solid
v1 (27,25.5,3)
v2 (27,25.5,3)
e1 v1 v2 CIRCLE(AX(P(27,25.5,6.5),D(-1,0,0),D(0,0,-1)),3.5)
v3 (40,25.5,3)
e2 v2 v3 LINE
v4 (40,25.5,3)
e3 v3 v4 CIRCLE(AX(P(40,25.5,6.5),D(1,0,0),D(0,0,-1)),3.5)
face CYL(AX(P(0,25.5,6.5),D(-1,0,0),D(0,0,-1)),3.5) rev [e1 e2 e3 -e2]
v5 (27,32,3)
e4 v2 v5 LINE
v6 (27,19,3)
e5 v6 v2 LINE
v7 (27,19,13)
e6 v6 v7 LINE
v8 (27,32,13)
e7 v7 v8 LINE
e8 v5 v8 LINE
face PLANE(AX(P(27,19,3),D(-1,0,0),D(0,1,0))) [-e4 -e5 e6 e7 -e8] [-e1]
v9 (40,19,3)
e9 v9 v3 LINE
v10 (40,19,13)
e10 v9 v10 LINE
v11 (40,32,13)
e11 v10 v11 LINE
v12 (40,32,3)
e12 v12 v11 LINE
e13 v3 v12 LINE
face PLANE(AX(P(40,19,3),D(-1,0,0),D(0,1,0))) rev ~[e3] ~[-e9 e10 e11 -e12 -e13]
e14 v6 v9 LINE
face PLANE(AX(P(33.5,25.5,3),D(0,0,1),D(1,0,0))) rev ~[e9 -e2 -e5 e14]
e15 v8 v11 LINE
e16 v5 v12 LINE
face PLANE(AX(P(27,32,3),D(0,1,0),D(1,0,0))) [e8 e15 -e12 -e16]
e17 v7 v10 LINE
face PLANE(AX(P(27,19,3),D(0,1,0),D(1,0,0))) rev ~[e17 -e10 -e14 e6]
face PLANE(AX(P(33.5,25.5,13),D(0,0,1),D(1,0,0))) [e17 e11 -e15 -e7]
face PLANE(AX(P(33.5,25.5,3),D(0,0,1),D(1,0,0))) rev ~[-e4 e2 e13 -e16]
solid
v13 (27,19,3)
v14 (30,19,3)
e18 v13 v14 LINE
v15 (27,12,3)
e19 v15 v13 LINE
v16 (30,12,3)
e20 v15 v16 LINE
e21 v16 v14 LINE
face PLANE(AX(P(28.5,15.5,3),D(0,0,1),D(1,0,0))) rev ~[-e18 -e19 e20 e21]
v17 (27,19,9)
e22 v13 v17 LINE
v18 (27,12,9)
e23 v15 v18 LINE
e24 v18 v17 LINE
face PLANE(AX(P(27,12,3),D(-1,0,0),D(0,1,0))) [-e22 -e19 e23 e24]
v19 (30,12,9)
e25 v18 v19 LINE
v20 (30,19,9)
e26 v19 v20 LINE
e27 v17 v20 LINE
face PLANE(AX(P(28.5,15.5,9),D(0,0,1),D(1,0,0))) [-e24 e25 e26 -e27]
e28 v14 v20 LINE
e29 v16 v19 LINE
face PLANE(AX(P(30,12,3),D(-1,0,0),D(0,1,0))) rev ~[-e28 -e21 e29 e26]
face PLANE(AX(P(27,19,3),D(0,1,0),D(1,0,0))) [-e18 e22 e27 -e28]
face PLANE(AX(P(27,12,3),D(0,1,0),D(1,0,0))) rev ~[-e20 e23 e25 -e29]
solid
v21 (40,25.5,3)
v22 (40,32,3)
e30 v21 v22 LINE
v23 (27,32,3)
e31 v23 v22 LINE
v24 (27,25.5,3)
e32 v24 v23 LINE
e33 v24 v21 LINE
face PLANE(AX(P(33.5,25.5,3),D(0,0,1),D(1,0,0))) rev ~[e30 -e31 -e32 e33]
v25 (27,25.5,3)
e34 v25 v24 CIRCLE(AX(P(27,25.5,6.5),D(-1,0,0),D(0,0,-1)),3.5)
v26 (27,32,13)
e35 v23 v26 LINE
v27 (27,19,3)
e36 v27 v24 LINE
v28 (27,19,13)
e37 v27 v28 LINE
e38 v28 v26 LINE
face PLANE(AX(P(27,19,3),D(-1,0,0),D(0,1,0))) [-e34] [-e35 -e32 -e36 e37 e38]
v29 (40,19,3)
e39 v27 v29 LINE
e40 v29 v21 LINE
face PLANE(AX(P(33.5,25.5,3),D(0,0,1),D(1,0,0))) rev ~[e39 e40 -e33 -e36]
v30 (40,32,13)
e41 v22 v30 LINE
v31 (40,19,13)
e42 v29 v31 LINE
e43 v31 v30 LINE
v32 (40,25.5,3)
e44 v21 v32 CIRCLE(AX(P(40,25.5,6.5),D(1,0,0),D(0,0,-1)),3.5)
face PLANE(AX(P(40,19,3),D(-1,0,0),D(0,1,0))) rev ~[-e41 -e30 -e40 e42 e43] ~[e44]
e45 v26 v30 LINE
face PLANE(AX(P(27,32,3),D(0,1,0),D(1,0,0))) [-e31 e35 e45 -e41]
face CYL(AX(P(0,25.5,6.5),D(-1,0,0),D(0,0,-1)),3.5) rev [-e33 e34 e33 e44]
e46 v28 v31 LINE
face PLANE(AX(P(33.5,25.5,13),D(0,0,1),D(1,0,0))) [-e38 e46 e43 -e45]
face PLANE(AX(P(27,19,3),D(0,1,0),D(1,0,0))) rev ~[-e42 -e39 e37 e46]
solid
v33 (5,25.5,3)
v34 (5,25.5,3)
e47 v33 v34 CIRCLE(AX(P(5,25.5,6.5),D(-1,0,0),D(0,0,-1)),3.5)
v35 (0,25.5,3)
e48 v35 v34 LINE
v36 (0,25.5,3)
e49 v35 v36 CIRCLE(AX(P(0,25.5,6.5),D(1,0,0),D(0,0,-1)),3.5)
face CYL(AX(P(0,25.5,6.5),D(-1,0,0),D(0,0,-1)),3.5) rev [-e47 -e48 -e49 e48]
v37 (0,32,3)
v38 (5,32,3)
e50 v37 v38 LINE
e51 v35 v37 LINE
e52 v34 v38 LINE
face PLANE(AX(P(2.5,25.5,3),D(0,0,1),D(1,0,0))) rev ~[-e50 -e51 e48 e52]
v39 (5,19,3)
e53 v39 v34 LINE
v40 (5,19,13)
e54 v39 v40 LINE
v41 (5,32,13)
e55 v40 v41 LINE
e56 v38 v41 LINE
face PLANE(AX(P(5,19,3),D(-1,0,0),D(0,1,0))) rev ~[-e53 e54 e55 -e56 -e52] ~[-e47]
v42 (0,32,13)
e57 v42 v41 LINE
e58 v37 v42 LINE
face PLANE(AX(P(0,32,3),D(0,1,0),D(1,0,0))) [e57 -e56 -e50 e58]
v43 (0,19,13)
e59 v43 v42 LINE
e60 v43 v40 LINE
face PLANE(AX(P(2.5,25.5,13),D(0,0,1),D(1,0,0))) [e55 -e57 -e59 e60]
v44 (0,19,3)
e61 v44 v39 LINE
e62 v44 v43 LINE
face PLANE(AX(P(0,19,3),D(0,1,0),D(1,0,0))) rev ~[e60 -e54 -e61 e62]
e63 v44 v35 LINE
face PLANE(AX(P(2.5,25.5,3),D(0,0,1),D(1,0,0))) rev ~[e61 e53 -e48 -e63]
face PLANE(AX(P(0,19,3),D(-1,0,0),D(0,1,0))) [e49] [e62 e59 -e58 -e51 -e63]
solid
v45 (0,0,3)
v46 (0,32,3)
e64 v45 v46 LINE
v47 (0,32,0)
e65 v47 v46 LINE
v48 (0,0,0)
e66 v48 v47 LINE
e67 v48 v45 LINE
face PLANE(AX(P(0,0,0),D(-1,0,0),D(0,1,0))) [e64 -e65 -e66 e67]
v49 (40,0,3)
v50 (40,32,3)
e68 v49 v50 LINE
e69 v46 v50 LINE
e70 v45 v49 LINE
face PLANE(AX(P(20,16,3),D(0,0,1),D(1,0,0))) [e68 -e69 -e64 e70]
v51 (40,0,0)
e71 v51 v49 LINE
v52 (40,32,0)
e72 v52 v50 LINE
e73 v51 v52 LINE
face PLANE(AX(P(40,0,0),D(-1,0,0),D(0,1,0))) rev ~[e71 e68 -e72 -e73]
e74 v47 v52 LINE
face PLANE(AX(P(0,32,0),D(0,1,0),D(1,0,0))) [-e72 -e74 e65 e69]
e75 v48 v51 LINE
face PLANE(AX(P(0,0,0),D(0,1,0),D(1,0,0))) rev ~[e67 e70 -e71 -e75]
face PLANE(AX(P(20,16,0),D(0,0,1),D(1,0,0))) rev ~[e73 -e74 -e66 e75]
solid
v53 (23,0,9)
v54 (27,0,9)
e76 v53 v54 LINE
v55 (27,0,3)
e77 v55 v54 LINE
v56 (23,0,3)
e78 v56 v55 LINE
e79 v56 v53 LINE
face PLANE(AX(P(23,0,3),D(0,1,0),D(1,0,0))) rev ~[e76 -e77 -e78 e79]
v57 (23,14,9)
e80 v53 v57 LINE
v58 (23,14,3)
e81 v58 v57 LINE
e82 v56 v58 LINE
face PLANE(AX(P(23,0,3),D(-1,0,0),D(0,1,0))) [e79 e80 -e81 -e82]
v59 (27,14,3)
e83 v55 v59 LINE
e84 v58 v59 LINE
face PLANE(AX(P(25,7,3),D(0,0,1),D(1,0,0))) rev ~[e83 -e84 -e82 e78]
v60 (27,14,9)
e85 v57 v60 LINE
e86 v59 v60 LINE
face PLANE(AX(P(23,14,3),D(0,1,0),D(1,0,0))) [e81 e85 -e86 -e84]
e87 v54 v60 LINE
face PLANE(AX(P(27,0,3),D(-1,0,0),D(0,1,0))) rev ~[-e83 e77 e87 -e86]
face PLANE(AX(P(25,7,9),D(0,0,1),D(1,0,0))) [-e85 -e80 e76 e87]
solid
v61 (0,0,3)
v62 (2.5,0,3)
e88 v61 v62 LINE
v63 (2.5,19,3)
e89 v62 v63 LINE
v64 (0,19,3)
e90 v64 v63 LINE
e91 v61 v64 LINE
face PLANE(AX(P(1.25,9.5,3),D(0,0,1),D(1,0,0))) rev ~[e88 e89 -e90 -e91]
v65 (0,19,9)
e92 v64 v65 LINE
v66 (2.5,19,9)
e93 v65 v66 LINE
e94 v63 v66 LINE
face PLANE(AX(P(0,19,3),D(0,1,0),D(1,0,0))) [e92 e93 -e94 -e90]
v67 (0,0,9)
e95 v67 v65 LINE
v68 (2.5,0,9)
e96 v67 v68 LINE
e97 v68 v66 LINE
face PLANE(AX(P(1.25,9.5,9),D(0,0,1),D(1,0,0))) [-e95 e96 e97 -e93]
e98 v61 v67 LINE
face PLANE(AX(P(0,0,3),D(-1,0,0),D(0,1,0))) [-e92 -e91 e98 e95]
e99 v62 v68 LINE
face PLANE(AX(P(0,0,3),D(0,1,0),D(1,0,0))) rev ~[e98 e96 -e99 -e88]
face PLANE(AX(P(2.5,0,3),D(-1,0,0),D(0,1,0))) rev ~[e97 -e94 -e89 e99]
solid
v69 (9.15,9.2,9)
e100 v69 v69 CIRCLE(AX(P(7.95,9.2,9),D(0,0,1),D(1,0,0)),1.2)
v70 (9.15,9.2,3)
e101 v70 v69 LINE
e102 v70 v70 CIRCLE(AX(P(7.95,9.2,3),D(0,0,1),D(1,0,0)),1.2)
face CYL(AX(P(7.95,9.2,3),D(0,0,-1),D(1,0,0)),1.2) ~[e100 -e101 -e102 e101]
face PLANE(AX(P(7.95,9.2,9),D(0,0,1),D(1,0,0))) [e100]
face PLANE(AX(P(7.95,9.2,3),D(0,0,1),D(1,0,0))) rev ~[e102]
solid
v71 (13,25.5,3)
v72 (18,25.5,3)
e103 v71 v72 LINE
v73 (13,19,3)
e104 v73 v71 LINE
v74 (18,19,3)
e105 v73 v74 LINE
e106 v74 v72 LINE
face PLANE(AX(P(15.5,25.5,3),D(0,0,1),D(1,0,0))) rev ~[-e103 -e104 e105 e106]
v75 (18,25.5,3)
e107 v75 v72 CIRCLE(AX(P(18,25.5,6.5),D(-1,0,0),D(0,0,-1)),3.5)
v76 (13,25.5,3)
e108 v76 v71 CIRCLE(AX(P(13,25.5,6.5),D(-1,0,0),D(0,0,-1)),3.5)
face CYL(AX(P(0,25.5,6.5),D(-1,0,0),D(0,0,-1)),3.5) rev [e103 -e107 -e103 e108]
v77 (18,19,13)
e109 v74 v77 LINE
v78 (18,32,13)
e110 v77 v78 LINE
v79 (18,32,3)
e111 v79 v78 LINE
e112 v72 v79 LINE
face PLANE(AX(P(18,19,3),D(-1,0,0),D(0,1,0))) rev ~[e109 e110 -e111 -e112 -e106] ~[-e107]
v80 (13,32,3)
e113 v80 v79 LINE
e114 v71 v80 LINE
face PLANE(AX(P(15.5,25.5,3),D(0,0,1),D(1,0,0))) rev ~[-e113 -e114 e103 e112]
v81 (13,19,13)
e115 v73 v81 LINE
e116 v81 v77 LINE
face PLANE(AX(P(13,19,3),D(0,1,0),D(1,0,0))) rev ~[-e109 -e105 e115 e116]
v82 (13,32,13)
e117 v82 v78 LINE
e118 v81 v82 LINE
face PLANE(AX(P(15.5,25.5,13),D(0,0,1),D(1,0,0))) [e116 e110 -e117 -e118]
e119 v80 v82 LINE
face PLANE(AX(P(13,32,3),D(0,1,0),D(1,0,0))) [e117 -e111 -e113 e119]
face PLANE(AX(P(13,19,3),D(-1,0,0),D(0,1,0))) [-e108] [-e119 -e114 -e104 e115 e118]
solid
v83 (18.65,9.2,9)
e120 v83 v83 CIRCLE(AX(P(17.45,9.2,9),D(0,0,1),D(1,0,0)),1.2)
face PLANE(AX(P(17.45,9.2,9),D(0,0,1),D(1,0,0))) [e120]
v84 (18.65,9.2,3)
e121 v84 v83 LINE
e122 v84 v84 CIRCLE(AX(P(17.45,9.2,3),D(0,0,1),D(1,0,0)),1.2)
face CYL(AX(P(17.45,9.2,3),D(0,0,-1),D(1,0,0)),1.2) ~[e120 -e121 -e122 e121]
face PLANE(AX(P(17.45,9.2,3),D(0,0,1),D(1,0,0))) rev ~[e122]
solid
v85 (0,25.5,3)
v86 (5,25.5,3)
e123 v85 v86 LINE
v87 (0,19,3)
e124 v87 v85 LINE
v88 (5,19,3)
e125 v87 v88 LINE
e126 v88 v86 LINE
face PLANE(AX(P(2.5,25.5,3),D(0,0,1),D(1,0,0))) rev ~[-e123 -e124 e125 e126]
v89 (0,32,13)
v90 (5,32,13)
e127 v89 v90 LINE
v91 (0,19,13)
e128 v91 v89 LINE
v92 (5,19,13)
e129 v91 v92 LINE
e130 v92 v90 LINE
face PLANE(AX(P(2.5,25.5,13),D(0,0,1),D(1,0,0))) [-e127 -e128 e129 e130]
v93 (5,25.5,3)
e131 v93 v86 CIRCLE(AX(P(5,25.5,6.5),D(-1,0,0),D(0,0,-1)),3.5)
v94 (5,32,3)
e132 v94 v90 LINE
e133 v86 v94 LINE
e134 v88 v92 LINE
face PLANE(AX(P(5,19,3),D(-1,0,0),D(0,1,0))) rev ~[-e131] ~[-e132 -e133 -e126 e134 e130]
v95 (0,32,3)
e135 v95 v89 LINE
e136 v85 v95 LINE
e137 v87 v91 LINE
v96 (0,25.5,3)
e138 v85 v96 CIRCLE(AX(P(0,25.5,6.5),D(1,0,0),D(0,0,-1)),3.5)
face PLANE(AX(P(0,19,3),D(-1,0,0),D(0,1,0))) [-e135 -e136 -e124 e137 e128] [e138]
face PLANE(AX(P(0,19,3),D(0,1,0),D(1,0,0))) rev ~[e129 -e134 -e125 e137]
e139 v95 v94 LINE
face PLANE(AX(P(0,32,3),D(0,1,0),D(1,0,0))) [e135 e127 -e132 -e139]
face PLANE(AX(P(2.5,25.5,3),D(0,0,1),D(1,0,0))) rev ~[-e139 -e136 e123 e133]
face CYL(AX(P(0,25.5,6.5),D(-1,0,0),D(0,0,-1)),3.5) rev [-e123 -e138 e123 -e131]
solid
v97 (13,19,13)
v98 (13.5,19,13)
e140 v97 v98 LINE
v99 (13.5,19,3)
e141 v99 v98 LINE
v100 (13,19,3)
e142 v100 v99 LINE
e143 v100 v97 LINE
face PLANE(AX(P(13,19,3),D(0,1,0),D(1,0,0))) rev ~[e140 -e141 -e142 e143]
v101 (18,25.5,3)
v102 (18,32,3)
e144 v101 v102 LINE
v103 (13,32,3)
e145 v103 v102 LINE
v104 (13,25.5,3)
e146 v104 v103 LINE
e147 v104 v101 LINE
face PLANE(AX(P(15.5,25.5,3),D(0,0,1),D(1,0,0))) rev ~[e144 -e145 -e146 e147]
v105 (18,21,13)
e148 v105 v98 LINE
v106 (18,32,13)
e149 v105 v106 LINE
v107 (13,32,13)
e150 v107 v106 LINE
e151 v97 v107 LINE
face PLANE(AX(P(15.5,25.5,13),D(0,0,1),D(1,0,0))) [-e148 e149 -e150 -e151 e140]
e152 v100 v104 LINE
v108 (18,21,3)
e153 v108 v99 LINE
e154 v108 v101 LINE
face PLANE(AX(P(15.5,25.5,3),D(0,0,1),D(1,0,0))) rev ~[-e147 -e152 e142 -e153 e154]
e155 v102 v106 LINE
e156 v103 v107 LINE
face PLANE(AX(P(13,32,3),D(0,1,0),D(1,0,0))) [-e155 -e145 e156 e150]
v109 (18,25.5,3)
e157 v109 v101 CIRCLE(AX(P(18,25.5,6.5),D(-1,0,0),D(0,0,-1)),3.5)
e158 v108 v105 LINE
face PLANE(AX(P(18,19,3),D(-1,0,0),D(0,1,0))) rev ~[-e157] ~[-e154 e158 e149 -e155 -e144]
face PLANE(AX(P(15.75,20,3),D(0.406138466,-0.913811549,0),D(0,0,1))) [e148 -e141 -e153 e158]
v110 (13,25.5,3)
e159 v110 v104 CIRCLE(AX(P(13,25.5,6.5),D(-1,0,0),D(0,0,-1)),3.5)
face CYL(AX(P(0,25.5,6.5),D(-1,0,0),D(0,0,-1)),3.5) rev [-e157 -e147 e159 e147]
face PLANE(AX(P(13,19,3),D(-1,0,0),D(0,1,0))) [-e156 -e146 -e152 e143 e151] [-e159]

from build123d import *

# Parameters (mm, degrees)
BOX_W             = 40
BOX_H             = 32
BOX_DEPTH         = 3
BOX004_W          = 4
BOX004_H          = 14
BOX004_DEPTH      = 6
BOX005_W          = 2.5
BOX005_H          = 19
BOX005_DEPTH      = 6
CYLINDER002_R     = 1.2
CYLINDER002_DEPTH = 6
CYLINDER001_R     = 1.2
CYLINDER001_DEPTH = 6
CYLINDER_R        = 3.5
CYLINDER_DEPTH    = 40
BOX002_W          = 5
BOX002_H          = 13
BOX002_DEPTH      = 10
BOX003_W          = 13
BOX003_H          = 13
BOX003_DEPTH      = 10
BOX001_W          = 5
BOX001_H          = 13
BOX001_DEPTH      = 10
BOX006_W          = 3
BOX006_H          = 7
BOX006_DEPTH      = 6
CHAMFER_SIZE2     = 4.5
CHAMFER_SIZE      = 2


with BuildPart() as base_plate:
    # Box → Box (new body)
    with BuildSketch(Plane.XY):
        with Locations((20, 16)):
            Rectangle(BOX_W, BOX_H)
    extrude(amount=BOX_DEPTH)


with BuildPart() as switch_wall_right:
    # Box004 → Box004 (new body)
    with BuildSketch(Plane(origin=(23, 0, 3), x_dir=(1, 0, 0), z_dir=(0, 0, 1))):
        with Locations((2, 7)):
            Rectangle(BOX004_W, BOX004_H)
    extrude(amount=BOX004_DEPTH)


with BuildPart() as switch_wall_left:
    # Box005 → Box005 (new body)
    with BuildSketch(Plane.XY.offset(3)):
        with Locations((1.25, 9.5)):
            Rectangle(BOX005_W, BOX005_H)
    extrude(amount=BOX005_DEPTH)


with BuildPart() as cylinder002:
    # Cylinder002 → Cylinder002 (new body)
    with BuildSketch(Plane(origin=(17.45, 2.5, 0), x_dir=(1, 0, 0), z_dir=(0, 0, 1))):
        Circle(CYLINDER002_R)
    extrude(amount=CYLINDER002_DEPTH)


with BuildPart() as switch_pins:
    # Cylinder001 → Cylinder001 (new body)
    with BuildSketch(Plane(origin=(7.95, 2.5, 0), x_dir=(1, 0, 0), z_dir=(0, 0, 1))):
        Circle(CYLINDER001_R)
    extrude(amount=CYLINDER001_DEPTH)

    # Fusion: union Cylinder002
    add(cylinder002.part)


with BuildPart() as switch_pins_1:
    # Fusion placement: moved
    add(switch_pins.part.moved(Location((0, 6.7, 3))))


with BuildPart() as locking_pin_model:
    # Cylinder → Cylinder (new body)
    with BuildSketch(Plane(origin=(0, 25.5, 6.5), x_dir=(0, 0, -1), z_dir=(1, 0, 0))):
        Circle(CYLINDER_R)
    extrude(amount=CYLINDER_DEPTH)


with BuildPart() as box002:
    # Box002 → Box002 (new body)
    with BuildSketch(Plane(origin=(13, 19, 3), x_dir=(1, 0, 0), z_dir=(0, 0, 1))):
        with Locations((2.5, 6.5)):
            Rectangle(BOX002_W, BOX002_H)
    extrude(amount=BOX002_DEPTH)


with BuildPart() as box003:
    # Box003 → Box003 (new body)
    with BuildSketch(Plane(origin=(27, 19, 3), x_dir=(1, 0, 0), z_dir=(0, 0, 1))):
        with Locations((6.5, 6.5)):
            Rectangle(BOX003_W, BOX003_H)
    extrude(amount=BOX003_DEPTH)


with BuildPart() as box001:
    # Box001 → Box001 (new body)
    with BuildSketch(Plane(origin=(0, 19, 3), x_dir=(1, 0, 0), z_dir=(0, 0, 1))):
        with Locations((2.5, 6.5)):
            Rectangle(BOX001_W, BOX001_H)
    extrude(amount=BOX001_DEPTH)


with BuildPart() as pin_blocks_holed_deprecated:
    # Fusion001 base: copy of Box001
    add(box001.part)

    # Fusion001: union Box002, Box003
    add(box002.part)
    add(box003.part)

    # Cut: cut Locking Pin Model
    add(locking_pin_model.part, mode=Mode.SUBTRACT)


with BuildPart() as dust_cover_block:
    # Box006 → Box006 (new body)
    with BuildSketch(Plane(origin=(27, 12, 3), x_dir=(1, 0, 0), z_dir=(0, 0, 1))):
        with Locations((1.5, 3.5)):
            Rectangle(BOX006_W, BOX006_H)
    extrude(amount=BOX006_DEPTH)


with BuildPart() as pin_blocks_holed:
    # Chamfer base: copy of Box002
    add(box002.part)

    # Chamfer
    chamfer_edges = [pin_blocks_holed.edges().sort_by_distance(p)[0] for p in [
        (18, 19, 8),
    ]]
    chamfer_side = pin_blocks_holed.faces().sort_by_distance((18, 25.5, 8))[0]
    chamfer(chamfer_edges, length=CHAMFER_SIZE, length2=CHAMFER_SIZE2, reference=chamfer_side)

    # Fusion002: union Box001, Box003
    add(box001.part)
    add(box003.part)

    # Cut001: cut Locking Pin Model
    add(locking_pin_model.part, mode=Mode.SUBTRACT)


solid = Compound([base_plate.part, switch_wall_right.part, switch_wall_left.part, switch_pins_1.part, pin_blocks_holed_deprecated.part, dust_cover_block.part, pin_blocks_holed.part])
